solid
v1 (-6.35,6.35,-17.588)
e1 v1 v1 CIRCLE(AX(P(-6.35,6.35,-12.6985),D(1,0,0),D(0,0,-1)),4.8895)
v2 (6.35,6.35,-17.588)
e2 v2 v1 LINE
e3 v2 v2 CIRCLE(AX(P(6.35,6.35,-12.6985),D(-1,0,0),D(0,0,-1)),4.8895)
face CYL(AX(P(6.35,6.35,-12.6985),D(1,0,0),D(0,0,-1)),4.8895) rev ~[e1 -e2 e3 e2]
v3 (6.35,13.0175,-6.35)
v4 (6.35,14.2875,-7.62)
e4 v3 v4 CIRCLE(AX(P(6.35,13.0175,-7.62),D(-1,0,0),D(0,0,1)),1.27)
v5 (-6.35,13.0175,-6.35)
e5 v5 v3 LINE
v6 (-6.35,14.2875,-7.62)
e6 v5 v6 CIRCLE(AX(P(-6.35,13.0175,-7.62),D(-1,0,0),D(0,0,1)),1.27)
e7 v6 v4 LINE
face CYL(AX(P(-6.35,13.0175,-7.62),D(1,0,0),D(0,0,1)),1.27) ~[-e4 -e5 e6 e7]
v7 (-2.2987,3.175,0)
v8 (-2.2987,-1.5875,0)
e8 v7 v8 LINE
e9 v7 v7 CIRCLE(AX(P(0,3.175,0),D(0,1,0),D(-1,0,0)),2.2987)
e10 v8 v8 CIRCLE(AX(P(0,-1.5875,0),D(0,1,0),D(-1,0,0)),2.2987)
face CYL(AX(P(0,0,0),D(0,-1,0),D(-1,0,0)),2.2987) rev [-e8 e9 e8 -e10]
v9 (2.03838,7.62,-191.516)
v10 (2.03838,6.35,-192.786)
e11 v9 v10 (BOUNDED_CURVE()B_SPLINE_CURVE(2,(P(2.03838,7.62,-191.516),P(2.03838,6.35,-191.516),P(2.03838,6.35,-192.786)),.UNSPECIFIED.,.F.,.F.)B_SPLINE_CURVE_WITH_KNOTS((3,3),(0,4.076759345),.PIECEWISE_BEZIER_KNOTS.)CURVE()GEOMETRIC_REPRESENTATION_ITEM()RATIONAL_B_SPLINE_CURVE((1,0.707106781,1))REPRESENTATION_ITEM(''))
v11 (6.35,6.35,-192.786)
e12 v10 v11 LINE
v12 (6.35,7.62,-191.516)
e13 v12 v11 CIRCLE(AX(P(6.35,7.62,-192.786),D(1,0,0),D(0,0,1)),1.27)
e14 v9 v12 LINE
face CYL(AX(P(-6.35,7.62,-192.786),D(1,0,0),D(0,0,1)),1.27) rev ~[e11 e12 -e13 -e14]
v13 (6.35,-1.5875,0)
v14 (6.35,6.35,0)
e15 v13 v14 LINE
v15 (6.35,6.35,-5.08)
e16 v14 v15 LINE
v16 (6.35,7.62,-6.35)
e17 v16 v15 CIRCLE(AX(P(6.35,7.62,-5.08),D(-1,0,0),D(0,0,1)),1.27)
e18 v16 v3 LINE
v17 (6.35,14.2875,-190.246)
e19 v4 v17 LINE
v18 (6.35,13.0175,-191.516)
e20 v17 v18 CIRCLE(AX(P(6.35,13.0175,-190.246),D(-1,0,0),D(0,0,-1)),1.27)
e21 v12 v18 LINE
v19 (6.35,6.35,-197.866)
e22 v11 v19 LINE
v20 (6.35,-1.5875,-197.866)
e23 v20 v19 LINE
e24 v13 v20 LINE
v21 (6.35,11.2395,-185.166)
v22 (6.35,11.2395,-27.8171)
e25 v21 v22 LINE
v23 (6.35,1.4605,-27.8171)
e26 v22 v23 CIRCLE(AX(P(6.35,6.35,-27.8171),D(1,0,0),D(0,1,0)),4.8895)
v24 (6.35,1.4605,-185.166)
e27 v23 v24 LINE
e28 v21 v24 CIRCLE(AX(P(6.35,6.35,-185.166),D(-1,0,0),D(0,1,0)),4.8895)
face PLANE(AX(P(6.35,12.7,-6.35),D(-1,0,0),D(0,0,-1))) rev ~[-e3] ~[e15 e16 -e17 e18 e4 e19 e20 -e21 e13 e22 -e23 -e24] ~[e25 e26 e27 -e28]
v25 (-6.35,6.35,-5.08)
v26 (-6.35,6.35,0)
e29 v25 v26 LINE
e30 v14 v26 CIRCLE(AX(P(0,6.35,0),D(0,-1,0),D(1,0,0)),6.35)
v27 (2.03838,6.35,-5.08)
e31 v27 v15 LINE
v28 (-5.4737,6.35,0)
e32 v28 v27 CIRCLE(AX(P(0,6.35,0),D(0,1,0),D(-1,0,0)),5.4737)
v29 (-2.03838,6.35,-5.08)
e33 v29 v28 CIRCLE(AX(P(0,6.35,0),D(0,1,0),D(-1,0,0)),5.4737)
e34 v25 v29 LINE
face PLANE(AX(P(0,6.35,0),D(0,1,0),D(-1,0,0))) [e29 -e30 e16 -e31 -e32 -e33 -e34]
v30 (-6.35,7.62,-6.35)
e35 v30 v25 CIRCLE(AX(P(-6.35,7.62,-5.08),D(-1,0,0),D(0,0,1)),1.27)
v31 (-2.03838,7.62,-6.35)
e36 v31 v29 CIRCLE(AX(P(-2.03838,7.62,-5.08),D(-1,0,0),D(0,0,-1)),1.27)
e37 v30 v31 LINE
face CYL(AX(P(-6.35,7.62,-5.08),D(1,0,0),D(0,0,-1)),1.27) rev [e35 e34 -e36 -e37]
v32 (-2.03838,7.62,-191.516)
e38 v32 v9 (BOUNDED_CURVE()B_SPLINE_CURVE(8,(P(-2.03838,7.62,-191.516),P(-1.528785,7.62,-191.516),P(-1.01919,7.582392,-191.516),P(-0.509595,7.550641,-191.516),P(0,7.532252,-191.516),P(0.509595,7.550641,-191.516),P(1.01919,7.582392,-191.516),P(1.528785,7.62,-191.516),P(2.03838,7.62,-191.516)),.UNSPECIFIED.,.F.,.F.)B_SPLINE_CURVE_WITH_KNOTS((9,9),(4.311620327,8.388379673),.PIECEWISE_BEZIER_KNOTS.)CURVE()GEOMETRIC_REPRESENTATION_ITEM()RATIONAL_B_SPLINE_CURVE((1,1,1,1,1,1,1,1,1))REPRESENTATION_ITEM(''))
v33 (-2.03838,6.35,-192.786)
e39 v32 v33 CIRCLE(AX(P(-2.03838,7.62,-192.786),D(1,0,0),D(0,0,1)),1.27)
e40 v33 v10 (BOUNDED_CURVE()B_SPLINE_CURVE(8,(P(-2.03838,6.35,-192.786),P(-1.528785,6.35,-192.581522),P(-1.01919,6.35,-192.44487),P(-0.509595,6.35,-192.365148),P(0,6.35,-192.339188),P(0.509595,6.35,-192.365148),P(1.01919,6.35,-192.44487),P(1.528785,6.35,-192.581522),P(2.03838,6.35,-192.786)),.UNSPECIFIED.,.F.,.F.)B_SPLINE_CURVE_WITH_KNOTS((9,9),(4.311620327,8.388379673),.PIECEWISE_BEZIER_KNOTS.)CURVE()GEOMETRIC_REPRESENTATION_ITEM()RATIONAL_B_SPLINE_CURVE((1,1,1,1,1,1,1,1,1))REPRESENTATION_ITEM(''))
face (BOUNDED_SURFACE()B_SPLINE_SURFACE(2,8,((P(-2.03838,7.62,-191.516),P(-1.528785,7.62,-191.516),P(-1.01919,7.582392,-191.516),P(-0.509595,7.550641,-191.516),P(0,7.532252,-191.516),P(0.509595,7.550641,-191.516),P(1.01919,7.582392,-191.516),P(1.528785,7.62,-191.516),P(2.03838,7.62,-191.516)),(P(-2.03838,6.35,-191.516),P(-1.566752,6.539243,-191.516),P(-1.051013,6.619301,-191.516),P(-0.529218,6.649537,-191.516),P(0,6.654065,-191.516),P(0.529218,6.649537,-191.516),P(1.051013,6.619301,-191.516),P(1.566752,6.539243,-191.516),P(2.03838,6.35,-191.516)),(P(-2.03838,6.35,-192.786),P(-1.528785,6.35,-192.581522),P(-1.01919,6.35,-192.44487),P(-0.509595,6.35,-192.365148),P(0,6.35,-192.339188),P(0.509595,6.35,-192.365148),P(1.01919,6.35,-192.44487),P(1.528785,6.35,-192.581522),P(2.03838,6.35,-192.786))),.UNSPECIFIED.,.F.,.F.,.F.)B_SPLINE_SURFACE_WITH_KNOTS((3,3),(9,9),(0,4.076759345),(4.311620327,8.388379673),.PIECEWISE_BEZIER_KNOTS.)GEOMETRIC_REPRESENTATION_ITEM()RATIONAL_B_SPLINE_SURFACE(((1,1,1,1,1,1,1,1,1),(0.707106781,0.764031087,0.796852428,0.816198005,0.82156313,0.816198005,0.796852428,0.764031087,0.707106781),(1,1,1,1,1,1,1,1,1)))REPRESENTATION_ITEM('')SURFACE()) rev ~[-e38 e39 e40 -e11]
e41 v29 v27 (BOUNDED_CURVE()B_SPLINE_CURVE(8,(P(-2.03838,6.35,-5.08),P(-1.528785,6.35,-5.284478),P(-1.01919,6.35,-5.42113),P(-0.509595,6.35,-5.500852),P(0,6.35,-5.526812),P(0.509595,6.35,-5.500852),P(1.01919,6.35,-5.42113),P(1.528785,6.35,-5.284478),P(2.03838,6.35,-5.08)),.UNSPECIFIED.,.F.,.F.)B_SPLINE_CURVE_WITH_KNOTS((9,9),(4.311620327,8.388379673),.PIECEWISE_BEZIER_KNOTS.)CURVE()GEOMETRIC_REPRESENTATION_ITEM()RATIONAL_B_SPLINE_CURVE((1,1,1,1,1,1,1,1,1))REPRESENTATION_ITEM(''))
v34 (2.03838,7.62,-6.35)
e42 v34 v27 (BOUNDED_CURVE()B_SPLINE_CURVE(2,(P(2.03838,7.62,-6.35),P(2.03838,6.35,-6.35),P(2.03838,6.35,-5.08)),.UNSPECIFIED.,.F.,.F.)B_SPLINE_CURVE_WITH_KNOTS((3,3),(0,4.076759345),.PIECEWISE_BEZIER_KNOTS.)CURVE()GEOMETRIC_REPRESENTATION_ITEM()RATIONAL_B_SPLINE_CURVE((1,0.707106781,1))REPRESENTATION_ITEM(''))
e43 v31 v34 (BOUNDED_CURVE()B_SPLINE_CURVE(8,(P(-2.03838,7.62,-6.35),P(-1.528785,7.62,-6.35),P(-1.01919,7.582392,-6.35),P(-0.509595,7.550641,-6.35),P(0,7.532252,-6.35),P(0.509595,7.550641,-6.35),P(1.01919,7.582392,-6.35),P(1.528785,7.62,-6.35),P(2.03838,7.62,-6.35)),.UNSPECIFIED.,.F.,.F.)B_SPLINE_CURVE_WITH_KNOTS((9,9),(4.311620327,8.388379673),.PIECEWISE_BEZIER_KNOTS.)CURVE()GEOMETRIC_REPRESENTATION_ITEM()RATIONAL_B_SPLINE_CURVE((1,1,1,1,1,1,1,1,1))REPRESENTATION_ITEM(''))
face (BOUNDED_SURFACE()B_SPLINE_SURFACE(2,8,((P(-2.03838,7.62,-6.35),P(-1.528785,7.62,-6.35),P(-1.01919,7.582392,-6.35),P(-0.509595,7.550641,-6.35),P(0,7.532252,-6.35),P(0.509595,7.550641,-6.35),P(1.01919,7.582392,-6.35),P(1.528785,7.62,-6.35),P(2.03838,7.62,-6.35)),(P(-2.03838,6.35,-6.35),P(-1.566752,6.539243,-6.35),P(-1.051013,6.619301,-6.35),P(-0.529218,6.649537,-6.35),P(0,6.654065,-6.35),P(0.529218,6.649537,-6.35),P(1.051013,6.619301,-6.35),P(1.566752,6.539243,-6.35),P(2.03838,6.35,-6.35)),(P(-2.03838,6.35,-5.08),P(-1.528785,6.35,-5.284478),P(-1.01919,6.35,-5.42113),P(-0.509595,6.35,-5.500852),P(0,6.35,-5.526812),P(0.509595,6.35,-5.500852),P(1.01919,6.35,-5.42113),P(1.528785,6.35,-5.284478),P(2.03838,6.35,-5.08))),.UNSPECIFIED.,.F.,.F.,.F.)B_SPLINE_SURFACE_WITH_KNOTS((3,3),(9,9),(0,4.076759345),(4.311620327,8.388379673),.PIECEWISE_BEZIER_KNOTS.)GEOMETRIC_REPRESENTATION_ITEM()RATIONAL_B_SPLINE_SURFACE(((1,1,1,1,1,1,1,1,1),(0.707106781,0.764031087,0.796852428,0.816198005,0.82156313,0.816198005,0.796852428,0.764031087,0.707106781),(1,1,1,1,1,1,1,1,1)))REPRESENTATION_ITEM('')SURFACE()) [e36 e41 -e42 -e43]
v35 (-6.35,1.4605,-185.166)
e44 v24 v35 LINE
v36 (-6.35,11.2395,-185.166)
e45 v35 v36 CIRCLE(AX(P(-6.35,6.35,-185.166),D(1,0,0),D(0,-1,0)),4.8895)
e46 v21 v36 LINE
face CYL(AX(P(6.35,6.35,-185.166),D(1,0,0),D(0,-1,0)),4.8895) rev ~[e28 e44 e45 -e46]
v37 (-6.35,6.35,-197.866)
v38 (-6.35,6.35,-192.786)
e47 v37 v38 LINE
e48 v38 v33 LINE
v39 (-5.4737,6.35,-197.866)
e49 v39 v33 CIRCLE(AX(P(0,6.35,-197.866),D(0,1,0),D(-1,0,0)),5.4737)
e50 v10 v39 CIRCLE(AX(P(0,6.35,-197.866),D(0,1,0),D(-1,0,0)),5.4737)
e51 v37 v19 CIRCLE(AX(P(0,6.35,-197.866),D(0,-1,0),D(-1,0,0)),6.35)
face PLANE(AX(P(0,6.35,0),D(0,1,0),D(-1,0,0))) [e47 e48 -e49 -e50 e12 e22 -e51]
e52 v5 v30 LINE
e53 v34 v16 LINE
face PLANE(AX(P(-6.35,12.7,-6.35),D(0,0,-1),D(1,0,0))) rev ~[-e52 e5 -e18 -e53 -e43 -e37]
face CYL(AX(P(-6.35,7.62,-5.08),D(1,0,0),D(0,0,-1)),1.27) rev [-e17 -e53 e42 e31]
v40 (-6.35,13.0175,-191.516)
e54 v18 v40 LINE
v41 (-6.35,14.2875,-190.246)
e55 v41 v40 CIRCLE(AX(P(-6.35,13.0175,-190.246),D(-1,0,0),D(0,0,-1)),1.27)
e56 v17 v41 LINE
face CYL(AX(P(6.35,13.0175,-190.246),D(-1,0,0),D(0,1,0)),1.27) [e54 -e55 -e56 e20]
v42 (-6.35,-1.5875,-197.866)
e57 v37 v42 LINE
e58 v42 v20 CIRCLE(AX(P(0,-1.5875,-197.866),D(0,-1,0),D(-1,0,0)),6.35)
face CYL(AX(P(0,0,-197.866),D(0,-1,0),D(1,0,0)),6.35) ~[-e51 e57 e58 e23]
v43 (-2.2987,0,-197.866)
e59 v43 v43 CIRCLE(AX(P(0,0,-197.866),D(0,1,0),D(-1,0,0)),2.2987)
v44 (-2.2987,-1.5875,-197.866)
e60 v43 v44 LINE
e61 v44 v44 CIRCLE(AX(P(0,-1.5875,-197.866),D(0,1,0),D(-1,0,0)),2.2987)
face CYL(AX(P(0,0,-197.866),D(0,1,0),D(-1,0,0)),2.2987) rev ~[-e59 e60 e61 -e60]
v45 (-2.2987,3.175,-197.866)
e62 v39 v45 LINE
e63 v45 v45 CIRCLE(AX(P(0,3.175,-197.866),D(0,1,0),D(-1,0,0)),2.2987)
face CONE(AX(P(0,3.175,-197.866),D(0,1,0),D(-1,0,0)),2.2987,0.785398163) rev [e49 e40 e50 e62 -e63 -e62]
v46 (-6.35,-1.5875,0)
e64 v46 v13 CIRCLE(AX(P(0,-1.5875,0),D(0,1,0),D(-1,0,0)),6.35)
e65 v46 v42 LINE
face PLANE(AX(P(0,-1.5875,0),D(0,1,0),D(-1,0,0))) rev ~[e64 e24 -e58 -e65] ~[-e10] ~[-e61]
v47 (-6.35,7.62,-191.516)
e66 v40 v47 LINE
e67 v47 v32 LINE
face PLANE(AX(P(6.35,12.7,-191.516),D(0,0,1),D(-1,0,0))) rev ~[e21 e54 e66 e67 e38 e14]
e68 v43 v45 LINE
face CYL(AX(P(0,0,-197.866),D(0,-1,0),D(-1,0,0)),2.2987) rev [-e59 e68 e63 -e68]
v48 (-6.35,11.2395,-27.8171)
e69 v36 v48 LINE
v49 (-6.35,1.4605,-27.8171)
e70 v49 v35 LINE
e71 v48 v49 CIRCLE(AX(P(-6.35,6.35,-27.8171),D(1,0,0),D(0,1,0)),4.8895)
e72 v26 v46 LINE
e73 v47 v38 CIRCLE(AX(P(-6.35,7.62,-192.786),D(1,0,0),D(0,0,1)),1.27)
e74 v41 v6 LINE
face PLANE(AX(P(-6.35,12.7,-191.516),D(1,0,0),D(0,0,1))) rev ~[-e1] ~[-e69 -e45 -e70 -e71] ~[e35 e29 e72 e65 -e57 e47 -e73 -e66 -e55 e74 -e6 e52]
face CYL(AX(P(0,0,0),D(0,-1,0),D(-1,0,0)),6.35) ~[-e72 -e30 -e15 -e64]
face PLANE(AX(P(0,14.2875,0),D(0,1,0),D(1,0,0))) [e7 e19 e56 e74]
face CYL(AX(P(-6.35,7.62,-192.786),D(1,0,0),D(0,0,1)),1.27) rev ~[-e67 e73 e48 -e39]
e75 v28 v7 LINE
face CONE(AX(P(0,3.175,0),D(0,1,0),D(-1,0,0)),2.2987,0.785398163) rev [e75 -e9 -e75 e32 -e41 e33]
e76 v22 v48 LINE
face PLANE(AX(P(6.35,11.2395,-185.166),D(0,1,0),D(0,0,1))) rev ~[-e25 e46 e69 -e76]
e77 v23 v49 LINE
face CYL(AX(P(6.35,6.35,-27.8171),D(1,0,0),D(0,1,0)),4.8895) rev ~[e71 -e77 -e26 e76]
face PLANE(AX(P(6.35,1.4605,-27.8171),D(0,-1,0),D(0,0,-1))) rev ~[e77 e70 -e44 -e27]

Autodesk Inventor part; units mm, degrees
ref_plane "YZ Plane" through (0, 0, 0) normal (1, 0, 0) x (0, 1, 0)
ref_plane "XZ Plane" through (0, 0, 0) normal (0, 1, 0) x (-1, 0, 0)
ref_plane "XY Plane" through (0, 0, 0) normal (0, 0, 1) x (1, 0, 0)
sketch "Sketch1" plane through (0, 0, 0) normal (0, 1, 0) x (-1, 0, 0)
  line L0 (0, 0) -> (0, -197.866) construction
  line L1 (-6.35, 0) -> (-6.35, -197.866)
  line L2 (6.35, -197.866) -> (6.35, 0)
  arc A0 (6.35, 0) -> (-6.35, 0) centre (0, 0) ccw
  arc A1 (-6.35, -197.866) -> (6.35, -197.866) centre (0, -197.866) ccw
  circle A2 centre (0, 0) radius 2.2987
  line L3 (0, -98.933) -> (6.35, -98.933)
  circle A3 centre (0, -197.866) radius 2.2987
  line L4 (-6.35, 6.35) -> (6.35, 6.35)
  line L5 (6.35, 6.35) -> (6.35, -6.35)
  line L6 (6.35, -6.35) -> (-6.35, -6.35)
  line L7 (-6.35, -6.35) -> (-6.35, 6.35)
  line L8 (-6.35, 6.35) -> (6.35, -6.35) construction
  line L9 (6.35, 6.35) -> (-6.35, -6.35) construction
  line L10 (-6.35, -204.216) -> (6.35, -204.216)
  line L11 (6.35, -204.216) -> (6.35, -191.516)
  line L12 (6.35, -191.516) -> (-6.35, -191.516)
  line L13 (-6.35, -191.516) -> (-6.35, -204.216)
  line L14 (-6.35, -204.216) -> (6.35, -191.516) construction
  line L15 (6.35, -204.216) -> (-6.35, -191.516) construction
  dimension "d0" = 197.866
  dimension "d1" = 12.7
  dimension "d2" = 4.5974
  dimension "d3" = 12.7
  dimension "d4" = 12.7
  dimension "d5" = 12.7
  dimension "d6" = 12.7
extrude "Extrusion1" add sketch "Sketch1" along normal blind 12.7 contours L6 L2 L12 L1
extrude "Extrusion2" add sketch "Sketch1" along normal blind 6.35 contours A0 L2 L6 L1 | L12 L2 A1 L1
chamfer "Chamfer1" distance 3.175 angle 45 2 edges at (2.2987, 6.35, 0) (2.2987, 6.35, -197.866)
sketch "Sketch2" plane through (6.35, 12.7, -6.35) normal (1, 0, 0) x (0, 0, -1)
  line L0 (-6.35, -12.7) -> (191.516, -12.7) projected
  line L1 (191.516, -12.7) -> (191.516, -6.35) projected
  line L2 (185.166, -6.35) -> (191.516, -6.35) projected
  line L3 (185.166, -6.35) -> (185.166, 0) projected
  line L4 (0, 0) -> (185.166, 0) projected
  line L5 (0, -6.35) -> (0, 0) projected
  line L6 (-6.35, -6.35) -> (0, -6.35) projected
  line L7 (-6.35, -12.7) -> (-6.35, -6.35) projected
  line L8 (0, -6.35) -> (0, -12.7)
  line L9 (185.166, -6.35) -> (185.166, -12.7)
  line L10 (0, -6.35) -> (6.3485, -6.35)
  line L11 (185.166, -6.35) -> (178.816, -6.35)
  circle A0 centre (6.3485, -6.35) radius 4.8895
  line L12 (178.816, -6.35) -> (21.4671, -6.35) construction
  line L13 (178.816, -1.4605) -> (21.4671, -1.4605)
  line L14 (21.4671, -11.2395) -> (178.816, -11.2395)
  arc A1 (178.816, -11.2395) -> (178.816, -1.4605) centre (178.816, -6.35) ccw
  arc A2 (21.4671, -1.4605) -> (21.4671, -11.2395) centre (21.4671, -6.35) ccw
  point P0 (100.1415, -6.35)
  dimension "d14" = 6.35
  dimension "d15" = 9.779
  dimension "d16" = 9.779
extrude "Extrusion3" cut sketch "Sketch2" against normal blind 33.3375 contours A1 L14 A2 L13 | A0
sketch "Sketch3" plane through (6.35, 0, 0) normal (1, 0, 0) x (0, 0, -1)
  circle A0 centre (12.6985, 6.35) radius 4.8895 projected
  arc A1 (27.8171, 11.2395) -> (27.8171, 1.4605) centre (27.8171, 6.35) ccw projected
  line L0 (27.8171, 11.2395) -> (185.166, 11.2395) projected
  arc A2 (185.166, 1.4605) -> (185.166, 11.2395) centre (185.166, 6.35) ccw projected
  line L1 (185.166, 1.4605) -> (27.8171, 1.4605) projected
  arc A3 (27.8171, 11.2395) -> (27.8171, 1.4605) centre (27.8171, 6.35) ccw projected
  circle A4 centre (12.6985, 6.35) radius 4.8895 projected
  line L2 (6.35, 6.35) -> (6.35, 12.7) projected
  line L3 (0, 6.35) -> (6.35, 6.35) projected
  line L4 (0, 0) -> (0, 6.35) projected
  line L5 (0, 0) -> (197.866, 0) projected
  line L6 (197.866, 0) -> (197.866, 6.35) projected
  line L7 (191.516, 6.35) -> (197.866, 6.35) projected
  line L8 (191.516, 6.35) -> (191.516, 12.7) projected
  line L9 (6.35, 12.7) -> (191.516, 12.7) projected
  line L10 (12.6985, 6.35) -> (134.6504, 128.3019) construction
  line L11 (17.1887, 1.8599) -> (139.1405, 123.8118)
  line L12 (130.1603, 132.792) -> (8.2084, 10.8401)
  arc A5 (8.2084, 10.8401) -> (17.1887, 1.8599) centre (12.6985, 6.35) ccw
  arc A6 (139.1405, 123.8118) -> (130.1603, 132.792) centre (134.6504, 128.3019) ccw
  line L13 (12.6985, 6.35) -> (185.1645, 6.35) construction
  line L14 (73.6745, 67.3259) -> (134.6504, 6.35)
  line L15 (134.6504, 6.35) -> (12.6985, 128.3019) construction
  line L16 (139.1405, 10.8401) -> (17.1887, 132.792)
  line L17 (8.2084, 123.8118) -> (130.1603, 1.8599)
  arc A7 (130.1603, 1.8599) -> (139.1405, 10.8401) centre (134.6504, 6.35) ccw
  arc A8 (17.1887, 132.792) -> (8.2084, 123.8118) centre (12.6985, 128.3019) ccw
  circle A9 centre (73.6745, 67.3259) radius 4.8895
  dimension "d20" = 172.466
  dimension "d21" = 45
  dimension "d22" = 12.7
  dimension "d23" = 172.466
  dimension "d24" = 12.7
  dimension "d25" = 9.779
  dimension "d26" = 9.779
extrude "Extrusion4" add sketch "Sketch1" against normal blind 1.5875 contours A0 L2 L6 L1 | L6 L2 L12 L1 | L12 L2 A1 L1
sketch "Sketch4" plane through (0, 12.7, 0) normal (0, 1, 0) x (1, 0, 0)
  line L0 (6.35, 6.35) -> (6.35, 191.516) projected
  line L1 (-6.35, 191.516) -> (-6.35, 6.35) projected
  line L2 (-6.35, 6.35) -> (6.35, 6.35) projected
  line L3 (6.35, 191.516) -> (-6.35, 191.516) projected
  point P0 (0, 0)
extrude "Extrusion5" add sketch "Sketch4" along normal blind 1.5875
fillet "Fillet2" radius 1.27 4 edges at (0, 14.2875, -191.516) (0, 6.35, -191.516) (0, 6.35, -6.35) (0, 14.2875, -6.35)
properties part number "Scissor Base"
